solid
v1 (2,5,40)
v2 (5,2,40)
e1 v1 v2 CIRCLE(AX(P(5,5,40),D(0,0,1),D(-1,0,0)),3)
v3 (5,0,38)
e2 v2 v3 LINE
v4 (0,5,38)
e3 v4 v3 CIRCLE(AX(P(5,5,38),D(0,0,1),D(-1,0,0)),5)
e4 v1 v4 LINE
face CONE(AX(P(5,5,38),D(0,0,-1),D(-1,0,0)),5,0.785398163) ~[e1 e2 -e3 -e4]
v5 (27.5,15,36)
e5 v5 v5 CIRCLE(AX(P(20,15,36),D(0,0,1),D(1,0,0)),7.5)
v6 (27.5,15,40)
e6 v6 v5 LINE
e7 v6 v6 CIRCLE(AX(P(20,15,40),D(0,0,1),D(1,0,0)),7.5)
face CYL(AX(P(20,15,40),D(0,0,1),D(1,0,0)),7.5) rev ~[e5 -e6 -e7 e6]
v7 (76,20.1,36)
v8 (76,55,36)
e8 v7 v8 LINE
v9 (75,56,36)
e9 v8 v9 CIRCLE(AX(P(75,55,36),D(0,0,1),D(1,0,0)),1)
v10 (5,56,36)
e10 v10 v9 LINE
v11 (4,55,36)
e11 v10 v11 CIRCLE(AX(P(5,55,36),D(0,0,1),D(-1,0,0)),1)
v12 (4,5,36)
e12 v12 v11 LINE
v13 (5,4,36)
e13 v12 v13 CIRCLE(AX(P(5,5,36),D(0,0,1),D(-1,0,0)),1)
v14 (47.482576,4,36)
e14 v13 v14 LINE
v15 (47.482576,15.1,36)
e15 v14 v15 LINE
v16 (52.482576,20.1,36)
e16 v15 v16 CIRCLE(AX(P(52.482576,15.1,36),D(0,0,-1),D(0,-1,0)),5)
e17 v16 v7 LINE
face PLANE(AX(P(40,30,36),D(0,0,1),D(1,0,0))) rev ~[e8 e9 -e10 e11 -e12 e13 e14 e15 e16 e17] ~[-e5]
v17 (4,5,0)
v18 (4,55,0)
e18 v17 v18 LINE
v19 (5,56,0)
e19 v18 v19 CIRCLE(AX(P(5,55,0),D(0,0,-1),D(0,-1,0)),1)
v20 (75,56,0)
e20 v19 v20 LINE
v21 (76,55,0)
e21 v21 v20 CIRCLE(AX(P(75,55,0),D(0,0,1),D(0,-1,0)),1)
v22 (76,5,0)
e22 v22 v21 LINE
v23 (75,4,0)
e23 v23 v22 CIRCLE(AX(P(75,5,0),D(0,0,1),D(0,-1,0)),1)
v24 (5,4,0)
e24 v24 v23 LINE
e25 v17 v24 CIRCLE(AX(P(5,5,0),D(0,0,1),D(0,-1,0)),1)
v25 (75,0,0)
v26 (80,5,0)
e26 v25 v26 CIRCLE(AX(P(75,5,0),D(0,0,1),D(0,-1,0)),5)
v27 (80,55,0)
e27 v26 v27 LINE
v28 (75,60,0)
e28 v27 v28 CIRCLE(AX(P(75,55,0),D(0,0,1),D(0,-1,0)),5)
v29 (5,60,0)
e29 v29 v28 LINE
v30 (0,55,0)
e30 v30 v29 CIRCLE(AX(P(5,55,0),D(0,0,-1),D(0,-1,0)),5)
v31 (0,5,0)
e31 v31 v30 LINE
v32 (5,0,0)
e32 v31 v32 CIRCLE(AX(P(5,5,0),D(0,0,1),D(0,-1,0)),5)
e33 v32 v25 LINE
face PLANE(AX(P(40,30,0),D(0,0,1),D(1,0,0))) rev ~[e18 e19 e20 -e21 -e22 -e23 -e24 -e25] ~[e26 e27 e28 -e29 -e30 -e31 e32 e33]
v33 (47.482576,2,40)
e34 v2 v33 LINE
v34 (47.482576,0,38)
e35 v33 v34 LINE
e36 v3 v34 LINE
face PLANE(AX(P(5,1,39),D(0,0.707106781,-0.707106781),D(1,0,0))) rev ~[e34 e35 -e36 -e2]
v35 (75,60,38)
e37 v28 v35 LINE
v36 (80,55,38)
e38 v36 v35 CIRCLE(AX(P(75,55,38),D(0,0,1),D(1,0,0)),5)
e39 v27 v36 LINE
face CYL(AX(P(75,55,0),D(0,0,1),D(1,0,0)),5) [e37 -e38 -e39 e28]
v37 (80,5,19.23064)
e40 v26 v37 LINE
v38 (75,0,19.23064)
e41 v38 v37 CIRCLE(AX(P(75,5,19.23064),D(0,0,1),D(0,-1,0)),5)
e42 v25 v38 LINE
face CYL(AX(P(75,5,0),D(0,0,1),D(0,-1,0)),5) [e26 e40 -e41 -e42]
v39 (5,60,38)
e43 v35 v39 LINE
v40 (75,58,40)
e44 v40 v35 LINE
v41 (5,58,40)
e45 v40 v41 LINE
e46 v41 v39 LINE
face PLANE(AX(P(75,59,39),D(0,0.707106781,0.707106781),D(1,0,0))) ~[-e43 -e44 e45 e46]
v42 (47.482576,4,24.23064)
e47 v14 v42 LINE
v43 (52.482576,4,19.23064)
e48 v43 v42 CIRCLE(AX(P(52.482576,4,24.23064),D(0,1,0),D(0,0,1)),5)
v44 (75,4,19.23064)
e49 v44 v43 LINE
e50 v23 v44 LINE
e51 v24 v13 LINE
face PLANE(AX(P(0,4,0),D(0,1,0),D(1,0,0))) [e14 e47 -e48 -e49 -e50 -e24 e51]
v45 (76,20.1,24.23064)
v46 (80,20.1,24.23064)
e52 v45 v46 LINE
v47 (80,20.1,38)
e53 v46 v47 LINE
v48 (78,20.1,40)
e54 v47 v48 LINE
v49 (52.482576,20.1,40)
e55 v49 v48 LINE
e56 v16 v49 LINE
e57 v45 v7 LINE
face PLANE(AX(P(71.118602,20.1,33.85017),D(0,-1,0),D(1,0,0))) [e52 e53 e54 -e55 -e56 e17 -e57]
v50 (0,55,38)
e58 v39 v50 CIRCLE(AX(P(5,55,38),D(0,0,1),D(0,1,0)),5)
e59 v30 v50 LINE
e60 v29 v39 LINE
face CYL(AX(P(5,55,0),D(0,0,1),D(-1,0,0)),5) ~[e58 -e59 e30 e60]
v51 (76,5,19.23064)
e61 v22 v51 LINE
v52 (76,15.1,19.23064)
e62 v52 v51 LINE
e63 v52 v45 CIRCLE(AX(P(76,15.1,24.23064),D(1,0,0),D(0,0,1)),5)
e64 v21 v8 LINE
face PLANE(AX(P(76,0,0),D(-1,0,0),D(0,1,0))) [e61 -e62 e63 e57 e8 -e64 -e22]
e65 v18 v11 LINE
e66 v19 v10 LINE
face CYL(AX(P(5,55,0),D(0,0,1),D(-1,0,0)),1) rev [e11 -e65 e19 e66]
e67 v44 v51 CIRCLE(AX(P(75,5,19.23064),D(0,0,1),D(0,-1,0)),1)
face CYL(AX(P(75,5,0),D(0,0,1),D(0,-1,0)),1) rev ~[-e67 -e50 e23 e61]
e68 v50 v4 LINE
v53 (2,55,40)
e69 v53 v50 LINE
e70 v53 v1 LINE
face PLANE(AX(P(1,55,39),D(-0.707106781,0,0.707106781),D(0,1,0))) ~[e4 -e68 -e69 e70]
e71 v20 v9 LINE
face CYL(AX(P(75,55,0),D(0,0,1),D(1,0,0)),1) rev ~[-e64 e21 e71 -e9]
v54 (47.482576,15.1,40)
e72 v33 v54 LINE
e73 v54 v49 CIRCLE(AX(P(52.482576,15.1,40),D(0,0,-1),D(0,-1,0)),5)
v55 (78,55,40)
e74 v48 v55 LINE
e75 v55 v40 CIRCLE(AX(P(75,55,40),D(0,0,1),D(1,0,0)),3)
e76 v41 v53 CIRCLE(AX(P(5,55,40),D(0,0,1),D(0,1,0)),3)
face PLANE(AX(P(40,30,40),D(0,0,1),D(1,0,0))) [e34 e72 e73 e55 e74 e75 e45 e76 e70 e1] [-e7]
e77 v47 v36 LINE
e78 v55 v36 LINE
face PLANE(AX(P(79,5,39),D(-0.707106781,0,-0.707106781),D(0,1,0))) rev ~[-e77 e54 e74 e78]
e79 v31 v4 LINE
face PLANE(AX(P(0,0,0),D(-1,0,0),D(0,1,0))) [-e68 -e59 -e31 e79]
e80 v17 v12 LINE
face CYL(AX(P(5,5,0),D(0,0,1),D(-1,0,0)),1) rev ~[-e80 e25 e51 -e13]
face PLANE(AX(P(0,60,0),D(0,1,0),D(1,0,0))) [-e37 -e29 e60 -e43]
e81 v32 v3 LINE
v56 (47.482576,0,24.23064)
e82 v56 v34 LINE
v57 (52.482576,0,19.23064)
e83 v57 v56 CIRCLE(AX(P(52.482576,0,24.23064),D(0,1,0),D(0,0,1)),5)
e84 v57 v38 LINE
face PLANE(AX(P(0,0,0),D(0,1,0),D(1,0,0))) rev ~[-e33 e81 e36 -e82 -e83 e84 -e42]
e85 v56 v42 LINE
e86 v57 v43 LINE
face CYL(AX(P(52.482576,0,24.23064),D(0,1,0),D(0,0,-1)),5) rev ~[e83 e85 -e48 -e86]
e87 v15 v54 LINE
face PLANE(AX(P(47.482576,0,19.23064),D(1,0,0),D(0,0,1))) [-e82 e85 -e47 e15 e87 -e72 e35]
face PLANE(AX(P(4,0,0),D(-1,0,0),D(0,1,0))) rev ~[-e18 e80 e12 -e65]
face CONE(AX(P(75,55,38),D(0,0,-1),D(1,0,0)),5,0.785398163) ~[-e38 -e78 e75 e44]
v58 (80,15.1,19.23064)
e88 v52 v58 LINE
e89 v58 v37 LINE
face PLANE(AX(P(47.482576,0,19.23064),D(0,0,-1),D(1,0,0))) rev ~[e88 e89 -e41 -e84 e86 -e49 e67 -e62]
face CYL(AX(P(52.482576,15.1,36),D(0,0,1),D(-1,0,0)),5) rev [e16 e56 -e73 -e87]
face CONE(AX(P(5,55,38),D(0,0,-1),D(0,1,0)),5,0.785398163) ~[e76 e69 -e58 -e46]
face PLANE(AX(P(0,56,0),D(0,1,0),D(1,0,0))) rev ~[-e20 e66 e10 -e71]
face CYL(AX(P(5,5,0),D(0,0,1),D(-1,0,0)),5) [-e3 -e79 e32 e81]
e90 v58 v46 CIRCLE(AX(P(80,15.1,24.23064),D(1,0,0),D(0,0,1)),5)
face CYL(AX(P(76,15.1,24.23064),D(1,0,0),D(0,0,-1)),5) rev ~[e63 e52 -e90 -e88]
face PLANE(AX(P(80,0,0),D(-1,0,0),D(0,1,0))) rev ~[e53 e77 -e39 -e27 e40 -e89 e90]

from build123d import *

# Parameters (mm, degrees)
F0_W     = 80
F0_H     = 60
F1_DEPTH = 40
F2_R     = 5
F3_SIZE  = 2
F4_T     = -4
F5_R     = 7.5
F6_DEPTH = 40.001
F7_W     = 47.272053
F7_H     = 29.239059
F8_DEPTH = 20.1
F9_R     = 5


with BuildPart() as f1:
    # F0 (on Top) → F1 (new body)
    with BuildSketch(Plane.XY):
        with Locations((40, 30)):
            Rectangle(F0_W, F0_H)
    extrude(amount=F1_DEPTH)

    # F2
    f2_edges = [f1.edges().sort_by_distance(p)[0] for p in [
        (80, 60, 20),
        (80, 0, 20),
        (0, 0, 20),
        (0, 60, 20),
    ]]
    fillet(f2_edges, radius=F2_R)

    # F3
    f3_edges = [f1.edges().sort_by_distance(p)[0] for p in [
        (40, 0, 40),
    ]]
    chamfer(f3_edges, length=F3_SIZE)

    # F4
    f4_openings = [f1.faces().sort_by_distance(p)[0] for p in [
        (40, 30, 0),
    ]]
    offset(amount=F4_T, openings=f4_openings)

    # F5 (on face) → F6 (cut, through all)
    with BuildSketch(Plane.XY.offset(40)):
        with Locations((20, 15)):
            Circle(F5_R)
    extrude(amount=-F6_DEPTH, mode=Mode.SUBTRACT)

    # F7 (on face) → F8 (cut)
    with BuildSketch(Plane.XZ):
        with Locations((71.118602, 33.85017)):
            Rectangle(F7_W, F7_H)
    extrude(amount=-F8_DEPTH, mode=Mode.SUBTRACT)

    # F9
    f9_edges = [f1.edges().sort_by_distance(p)[0] for p in [
        (47.482576, 2, 19.230641),
        (47.482576, 20.1, 38),
        (78, 20.1, 19.230641),
    ]]
    fillet(f9_edges, radius=F9_R)


solid = f1.part
